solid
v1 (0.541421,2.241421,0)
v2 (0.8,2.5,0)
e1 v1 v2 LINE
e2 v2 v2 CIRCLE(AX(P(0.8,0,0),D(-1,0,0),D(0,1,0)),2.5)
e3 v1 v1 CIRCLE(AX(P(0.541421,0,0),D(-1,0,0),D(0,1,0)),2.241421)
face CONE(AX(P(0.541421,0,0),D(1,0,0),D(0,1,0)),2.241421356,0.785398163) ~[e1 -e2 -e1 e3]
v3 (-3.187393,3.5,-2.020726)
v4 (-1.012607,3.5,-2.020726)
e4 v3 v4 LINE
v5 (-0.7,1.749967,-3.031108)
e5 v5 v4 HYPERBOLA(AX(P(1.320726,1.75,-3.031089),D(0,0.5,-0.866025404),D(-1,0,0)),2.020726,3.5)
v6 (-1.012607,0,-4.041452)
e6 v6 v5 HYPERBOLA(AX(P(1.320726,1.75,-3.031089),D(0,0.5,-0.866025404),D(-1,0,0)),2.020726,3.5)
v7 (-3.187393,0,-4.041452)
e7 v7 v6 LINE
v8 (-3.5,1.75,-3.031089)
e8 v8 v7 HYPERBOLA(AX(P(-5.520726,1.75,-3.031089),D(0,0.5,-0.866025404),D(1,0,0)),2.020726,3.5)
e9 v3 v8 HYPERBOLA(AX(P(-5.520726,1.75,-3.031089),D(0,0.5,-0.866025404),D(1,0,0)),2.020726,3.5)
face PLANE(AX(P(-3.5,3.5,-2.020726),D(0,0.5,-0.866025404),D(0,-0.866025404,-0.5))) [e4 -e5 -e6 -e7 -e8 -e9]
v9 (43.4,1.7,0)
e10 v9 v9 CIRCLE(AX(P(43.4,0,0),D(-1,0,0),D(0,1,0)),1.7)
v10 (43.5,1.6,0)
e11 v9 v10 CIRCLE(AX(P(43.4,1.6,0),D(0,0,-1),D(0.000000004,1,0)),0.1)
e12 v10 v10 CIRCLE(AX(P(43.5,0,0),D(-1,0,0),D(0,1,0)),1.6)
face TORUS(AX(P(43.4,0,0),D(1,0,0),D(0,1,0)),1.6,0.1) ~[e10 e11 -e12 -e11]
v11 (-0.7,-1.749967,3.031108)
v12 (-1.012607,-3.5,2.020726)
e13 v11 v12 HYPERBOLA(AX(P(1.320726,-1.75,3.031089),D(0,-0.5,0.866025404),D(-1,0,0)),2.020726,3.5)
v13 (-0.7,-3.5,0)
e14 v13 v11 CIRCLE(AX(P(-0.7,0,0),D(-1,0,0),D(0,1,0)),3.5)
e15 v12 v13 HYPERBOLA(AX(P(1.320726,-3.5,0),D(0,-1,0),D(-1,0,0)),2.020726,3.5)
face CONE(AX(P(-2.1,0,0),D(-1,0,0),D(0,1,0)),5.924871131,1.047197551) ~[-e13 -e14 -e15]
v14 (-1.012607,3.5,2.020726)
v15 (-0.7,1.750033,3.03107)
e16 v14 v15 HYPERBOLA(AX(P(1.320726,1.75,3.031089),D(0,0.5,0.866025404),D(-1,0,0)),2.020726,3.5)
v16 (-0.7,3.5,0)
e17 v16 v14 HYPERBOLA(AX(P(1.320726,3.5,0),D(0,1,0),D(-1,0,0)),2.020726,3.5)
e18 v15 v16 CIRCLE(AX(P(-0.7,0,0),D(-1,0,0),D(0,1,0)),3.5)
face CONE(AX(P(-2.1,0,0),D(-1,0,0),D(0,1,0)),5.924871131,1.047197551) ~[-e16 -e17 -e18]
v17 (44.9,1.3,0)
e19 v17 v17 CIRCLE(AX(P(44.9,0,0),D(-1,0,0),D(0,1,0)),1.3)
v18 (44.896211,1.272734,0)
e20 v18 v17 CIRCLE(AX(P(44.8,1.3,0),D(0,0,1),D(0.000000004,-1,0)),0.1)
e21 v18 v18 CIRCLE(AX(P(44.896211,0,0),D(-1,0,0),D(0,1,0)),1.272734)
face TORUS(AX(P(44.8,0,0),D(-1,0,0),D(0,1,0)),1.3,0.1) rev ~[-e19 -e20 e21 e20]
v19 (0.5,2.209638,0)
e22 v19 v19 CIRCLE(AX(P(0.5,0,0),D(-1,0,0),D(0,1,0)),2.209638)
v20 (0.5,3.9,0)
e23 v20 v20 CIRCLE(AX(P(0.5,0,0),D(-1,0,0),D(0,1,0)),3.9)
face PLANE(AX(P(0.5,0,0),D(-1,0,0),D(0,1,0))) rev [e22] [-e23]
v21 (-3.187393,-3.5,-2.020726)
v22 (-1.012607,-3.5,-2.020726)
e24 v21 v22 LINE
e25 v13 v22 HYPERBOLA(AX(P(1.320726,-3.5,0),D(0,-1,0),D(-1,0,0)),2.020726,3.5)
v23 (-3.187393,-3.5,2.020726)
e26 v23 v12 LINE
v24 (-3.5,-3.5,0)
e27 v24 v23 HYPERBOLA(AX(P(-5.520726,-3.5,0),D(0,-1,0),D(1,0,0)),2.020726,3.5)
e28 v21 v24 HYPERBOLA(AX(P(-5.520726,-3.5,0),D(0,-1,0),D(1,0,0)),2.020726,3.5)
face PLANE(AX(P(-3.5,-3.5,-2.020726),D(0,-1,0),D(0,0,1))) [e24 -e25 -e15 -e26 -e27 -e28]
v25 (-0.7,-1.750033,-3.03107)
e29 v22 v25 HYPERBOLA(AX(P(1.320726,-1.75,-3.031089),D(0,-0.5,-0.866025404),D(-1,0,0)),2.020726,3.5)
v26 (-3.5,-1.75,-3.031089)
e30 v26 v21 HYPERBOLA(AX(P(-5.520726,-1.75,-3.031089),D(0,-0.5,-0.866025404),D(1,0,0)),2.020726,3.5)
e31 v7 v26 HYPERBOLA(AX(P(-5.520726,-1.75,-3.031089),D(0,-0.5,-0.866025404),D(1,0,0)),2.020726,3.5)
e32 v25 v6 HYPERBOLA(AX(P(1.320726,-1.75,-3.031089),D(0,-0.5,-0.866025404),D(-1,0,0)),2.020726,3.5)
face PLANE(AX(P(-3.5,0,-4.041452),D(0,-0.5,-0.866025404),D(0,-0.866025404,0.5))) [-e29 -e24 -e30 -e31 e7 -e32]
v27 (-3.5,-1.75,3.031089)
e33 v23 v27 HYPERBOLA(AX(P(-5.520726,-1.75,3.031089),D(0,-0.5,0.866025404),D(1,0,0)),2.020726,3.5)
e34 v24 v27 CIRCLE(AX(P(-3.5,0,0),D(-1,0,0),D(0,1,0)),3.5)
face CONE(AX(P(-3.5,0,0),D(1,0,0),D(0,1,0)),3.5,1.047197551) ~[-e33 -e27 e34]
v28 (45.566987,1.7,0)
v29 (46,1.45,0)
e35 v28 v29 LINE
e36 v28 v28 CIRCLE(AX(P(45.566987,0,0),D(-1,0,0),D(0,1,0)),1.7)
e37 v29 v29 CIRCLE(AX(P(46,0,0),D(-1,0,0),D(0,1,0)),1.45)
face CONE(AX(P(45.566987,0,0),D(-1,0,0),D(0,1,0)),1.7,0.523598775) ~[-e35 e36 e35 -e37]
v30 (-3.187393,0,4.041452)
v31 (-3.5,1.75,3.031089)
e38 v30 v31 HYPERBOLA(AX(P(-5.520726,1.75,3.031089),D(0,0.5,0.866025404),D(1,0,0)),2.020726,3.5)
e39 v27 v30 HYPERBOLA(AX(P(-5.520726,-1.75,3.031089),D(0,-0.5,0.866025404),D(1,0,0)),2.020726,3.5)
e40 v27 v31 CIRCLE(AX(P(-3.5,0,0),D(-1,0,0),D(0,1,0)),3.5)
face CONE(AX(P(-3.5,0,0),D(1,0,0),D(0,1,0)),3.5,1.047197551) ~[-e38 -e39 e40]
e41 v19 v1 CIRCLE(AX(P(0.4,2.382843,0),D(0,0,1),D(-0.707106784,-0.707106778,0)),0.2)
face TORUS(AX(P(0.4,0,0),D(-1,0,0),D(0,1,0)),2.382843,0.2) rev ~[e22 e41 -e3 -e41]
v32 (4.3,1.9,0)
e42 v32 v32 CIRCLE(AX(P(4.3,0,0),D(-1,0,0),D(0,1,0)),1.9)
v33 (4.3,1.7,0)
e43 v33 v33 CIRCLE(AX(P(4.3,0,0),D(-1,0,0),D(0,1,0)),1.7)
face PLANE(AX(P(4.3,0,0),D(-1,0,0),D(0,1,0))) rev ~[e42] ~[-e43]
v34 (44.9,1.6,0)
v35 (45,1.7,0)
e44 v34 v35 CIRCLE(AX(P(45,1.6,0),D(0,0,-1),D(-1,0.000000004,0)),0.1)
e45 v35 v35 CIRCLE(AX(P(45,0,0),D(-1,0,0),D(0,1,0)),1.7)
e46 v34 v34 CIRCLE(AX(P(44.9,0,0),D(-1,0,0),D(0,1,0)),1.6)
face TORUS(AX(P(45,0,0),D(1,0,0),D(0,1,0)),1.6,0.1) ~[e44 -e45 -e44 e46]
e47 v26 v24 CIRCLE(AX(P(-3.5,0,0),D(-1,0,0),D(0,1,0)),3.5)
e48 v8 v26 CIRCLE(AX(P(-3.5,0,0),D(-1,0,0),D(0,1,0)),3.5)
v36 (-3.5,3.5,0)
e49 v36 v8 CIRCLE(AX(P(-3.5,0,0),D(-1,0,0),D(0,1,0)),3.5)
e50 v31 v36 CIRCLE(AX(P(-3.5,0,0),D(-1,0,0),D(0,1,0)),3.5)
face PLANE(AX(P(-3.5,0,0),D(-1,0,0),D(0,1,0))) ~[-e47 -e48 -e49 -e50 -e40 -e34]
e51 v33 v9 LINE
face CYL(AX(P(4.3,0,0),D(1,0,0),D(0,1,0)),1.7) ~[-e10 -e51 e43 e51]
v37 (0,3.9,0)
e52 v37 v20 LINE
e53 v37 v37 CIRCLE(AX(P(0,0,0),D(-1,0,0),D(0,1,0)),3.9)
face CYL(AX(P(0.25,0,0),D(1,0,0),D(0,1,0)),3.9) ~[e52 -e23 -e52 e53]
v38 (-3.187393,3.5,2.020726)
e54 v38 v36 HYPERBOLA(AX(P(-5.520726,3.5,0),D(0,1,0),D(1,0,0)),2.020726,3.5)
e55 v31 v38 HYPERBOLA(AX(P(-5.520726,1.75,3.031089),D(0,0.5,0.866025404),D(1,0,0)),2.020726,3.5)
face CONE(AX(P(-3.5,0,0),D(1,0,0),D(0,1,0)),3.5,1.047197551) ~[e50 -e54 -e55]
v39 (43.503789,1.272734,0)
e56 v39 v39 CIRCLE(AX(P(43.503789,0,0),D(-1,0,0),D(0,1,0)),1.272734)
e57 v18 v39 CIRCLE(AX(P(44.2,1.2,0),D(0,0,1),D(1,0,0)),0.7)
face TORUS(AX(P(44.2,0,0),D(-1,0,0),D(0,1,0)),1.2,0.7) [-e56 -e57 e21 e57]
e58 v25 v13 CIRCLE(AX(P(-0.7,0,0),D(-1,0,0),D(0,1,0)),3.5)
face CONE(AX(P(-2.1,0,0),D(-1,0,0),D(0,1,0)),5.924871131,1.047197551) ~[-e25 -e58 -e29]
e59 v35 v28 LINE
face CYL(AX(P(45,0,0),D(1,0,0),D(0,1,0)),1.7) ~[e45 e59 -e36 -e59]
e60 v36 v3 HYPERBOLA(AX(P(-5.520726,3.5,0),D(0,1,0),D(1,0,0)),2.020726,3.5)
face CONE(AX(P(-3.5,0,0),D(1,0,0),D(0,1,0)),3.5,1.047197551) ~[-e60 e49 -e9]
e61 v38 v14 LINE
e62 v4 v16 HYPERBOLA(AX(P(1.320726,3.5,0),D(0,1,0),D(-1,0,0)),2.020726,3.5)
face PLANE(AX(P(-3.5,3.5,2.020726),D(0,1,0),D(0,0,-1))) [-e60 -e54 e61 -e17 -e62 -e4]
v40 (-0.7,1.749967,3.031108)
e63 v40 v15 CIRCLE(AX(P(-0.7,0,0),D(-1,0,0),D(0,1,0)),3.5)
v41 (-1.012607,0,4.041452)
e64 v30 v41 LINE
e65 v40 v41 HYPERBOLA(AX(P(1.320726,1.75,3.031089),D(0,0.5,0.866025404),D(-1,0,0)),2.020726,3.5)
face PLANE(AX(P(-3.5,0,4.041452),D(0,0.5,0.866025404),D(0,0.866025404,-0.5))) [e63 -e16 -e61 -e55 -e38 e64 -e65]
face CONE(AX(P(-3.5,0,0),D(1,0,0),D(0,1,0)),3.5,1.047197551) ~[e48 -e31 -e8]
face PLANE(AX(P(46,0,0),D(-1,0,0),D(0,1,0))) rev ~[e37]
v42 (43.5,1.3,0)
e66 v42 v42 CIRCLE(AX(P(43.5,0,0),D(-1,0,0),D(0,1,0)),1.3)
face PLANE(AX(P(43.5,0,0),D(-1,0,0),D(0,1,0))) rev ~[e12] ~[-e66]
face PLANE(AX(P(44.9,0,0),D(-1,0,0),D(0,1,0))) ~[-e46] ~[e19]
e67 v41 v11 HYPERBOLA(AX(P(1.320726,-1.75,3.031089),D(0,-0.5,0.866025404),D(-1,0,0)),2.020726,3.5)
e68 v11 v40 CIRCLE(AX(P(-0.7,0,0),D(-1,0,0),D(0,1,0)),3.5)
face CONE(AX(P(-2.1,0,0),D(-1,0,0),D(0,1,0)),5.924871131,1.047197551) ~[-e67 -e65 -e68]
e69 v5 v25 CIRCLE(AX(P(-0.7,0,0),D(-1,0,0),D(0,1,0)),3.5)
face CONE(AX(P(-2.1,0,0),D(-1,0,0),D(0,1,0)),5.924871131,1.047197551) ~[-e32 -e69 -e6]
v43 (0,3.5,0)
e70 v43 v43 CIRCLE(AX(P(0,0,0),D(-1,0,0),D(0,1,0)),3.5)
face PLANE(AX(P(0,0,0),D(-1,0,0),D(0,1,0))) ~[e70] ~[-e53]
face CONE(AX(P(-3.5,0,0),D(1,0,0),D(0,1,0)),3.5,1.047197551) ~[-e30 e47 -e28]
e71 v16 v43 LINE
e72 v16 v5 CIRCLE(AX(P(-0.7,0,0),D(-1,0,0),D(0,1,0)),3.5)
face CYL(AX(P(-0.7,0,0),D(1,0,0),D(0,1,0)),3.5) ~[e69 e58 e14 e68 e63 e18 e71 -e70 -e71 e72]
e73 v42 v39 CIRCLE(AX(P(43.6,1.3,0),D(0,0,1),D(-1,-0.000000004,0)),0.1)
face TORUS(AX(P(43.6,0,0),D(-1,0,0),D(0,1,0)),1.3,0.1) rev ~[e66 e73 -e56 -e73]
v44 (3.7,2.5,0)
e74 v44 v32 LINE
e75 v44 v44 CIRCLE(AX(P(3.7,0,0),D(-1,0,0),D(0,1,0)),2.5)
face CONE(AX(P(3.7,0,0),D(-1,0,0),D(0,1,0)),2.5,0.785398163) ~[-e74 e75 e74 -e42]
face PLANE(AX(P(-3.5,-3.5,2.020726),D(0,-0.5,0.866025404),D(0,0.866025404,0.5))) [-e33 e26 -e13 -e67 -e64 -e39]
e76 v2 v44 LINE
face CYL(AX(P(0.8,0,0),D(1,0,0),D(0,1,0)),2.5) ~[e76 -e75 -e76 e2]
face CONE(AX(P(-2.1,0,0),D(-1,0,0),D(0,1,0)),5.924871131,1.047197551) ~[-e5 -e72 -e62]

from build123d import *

# Parameters (mm, degrees)
SKETCH2_W          = 20
SKETCH2_H          = 20
CUT_EXTRUDE1_DEPTH = 5
SKETCH4_W          = 0.5
SKETCH4_H          = 1.75


with BuildPart() as part:
    # Sketch1 → Revolve1 (revolve)
    with BuildSketch(Plane.XY):
        with BuildLine():
            Line((-3.5, 0), (-3.5, 3.5))
            Line((-3.5, 3.5), (-2.1, 5.924871131))
            Line((-2.1, 5.924871131), (-0.7, 3.5))
            Line((-0.7, 3.5), (0, 3.5))
            Line((0, 3.5), (0, 2.5))
            Line((0, 2.5), (0.258578644, 2.241421356))
            ThreePointArc((0.258578644, 2.241421356), (0.4, 2.182842712), (0.541421356, 2.241421356))
            Line((0.541421356, 2.241421356), (0.8, 2.5))
            Line((0.8, 2.5), (3.7, 2.5))
            Line((3.7, 2.5), (4.3, 1.9))
            Line((4.3, 1.9), (4.3, 1.7))
            Line((4.3, 1.7), (43.4, 1.7))
            ThreePointArc((43.4, 1.7), (43.470710678, 1.670710678), (43.5, 1.6))
            Line((43.5, 1.6), (43.5, 1.3))
            ThreePointArc((43.5, 1.3), (43.529289322, 1.229289322), (43.6, 1.2))
            Line((43.6, 1.2), (44.8, 1.2))
            ThreePointArc((44.8, 1.2), (44.870710678, 1.229289322), (44.9, 1.3))
            Line((44.9, 1.3), (44.9, 1.6))
            ThreePointArc((44.9, 1.6), (44.929289322, 1.670710678), (45, 1.7))
            Line((45, 1.7), (45.566987298, 1.7))
            Line((45.566987298, 1.7), (46, 1.45))
            Line((46, 1.45), (46, 0))
            Line((46, 0), (-3.5, 0))
        make_face()
    revolve(axis=Axis((46, 0, 0), (-1, 0, 0)))

    # Sketch2 → Cut-Extrude1 (cut)
    with BuildSketch(Plane.ZY.offset(3.5)):
        Rectangle(SKETCH2_W, SKETCH2_H)
        Polygon((2.020725942, -3.5), (4.041451884, 0), (2.020725942, 3.5), (-2.020725942, 3.5), (-4.041451884, 0), (-2.020725942, -3.5), align=None, mode=Mode.SUBTRACT)
    extrude(amount=-CUT_EXTRUDE1_DEPTH, mode=Mode.SUBTRACT)

    # Sketch3 → Revolve2 (revolve)
    with BuildSketch(Plane.XY):
        with BuildLine():
            Line((43.5, 1.2), (44.9, 1.2))
            ThreePointArc((44.9, 1.2), (44.2, 1.9), (43.5, 1.2))
        make_face()
    revolve(axis=Axis((44.9, 0, 0), (-1, 0, 0)))

    # Sketch4 → Revolve3 (revolve)
    with BuildSketch(Plane.XY):
        with Locations((0.25, 3.025)):
            Rectangle(SKETCH4_W, SKETCH4_H)
    revolve(axis=Axis((0.5, 0, 0), (-1, 0, 0)))


solid = part.part
